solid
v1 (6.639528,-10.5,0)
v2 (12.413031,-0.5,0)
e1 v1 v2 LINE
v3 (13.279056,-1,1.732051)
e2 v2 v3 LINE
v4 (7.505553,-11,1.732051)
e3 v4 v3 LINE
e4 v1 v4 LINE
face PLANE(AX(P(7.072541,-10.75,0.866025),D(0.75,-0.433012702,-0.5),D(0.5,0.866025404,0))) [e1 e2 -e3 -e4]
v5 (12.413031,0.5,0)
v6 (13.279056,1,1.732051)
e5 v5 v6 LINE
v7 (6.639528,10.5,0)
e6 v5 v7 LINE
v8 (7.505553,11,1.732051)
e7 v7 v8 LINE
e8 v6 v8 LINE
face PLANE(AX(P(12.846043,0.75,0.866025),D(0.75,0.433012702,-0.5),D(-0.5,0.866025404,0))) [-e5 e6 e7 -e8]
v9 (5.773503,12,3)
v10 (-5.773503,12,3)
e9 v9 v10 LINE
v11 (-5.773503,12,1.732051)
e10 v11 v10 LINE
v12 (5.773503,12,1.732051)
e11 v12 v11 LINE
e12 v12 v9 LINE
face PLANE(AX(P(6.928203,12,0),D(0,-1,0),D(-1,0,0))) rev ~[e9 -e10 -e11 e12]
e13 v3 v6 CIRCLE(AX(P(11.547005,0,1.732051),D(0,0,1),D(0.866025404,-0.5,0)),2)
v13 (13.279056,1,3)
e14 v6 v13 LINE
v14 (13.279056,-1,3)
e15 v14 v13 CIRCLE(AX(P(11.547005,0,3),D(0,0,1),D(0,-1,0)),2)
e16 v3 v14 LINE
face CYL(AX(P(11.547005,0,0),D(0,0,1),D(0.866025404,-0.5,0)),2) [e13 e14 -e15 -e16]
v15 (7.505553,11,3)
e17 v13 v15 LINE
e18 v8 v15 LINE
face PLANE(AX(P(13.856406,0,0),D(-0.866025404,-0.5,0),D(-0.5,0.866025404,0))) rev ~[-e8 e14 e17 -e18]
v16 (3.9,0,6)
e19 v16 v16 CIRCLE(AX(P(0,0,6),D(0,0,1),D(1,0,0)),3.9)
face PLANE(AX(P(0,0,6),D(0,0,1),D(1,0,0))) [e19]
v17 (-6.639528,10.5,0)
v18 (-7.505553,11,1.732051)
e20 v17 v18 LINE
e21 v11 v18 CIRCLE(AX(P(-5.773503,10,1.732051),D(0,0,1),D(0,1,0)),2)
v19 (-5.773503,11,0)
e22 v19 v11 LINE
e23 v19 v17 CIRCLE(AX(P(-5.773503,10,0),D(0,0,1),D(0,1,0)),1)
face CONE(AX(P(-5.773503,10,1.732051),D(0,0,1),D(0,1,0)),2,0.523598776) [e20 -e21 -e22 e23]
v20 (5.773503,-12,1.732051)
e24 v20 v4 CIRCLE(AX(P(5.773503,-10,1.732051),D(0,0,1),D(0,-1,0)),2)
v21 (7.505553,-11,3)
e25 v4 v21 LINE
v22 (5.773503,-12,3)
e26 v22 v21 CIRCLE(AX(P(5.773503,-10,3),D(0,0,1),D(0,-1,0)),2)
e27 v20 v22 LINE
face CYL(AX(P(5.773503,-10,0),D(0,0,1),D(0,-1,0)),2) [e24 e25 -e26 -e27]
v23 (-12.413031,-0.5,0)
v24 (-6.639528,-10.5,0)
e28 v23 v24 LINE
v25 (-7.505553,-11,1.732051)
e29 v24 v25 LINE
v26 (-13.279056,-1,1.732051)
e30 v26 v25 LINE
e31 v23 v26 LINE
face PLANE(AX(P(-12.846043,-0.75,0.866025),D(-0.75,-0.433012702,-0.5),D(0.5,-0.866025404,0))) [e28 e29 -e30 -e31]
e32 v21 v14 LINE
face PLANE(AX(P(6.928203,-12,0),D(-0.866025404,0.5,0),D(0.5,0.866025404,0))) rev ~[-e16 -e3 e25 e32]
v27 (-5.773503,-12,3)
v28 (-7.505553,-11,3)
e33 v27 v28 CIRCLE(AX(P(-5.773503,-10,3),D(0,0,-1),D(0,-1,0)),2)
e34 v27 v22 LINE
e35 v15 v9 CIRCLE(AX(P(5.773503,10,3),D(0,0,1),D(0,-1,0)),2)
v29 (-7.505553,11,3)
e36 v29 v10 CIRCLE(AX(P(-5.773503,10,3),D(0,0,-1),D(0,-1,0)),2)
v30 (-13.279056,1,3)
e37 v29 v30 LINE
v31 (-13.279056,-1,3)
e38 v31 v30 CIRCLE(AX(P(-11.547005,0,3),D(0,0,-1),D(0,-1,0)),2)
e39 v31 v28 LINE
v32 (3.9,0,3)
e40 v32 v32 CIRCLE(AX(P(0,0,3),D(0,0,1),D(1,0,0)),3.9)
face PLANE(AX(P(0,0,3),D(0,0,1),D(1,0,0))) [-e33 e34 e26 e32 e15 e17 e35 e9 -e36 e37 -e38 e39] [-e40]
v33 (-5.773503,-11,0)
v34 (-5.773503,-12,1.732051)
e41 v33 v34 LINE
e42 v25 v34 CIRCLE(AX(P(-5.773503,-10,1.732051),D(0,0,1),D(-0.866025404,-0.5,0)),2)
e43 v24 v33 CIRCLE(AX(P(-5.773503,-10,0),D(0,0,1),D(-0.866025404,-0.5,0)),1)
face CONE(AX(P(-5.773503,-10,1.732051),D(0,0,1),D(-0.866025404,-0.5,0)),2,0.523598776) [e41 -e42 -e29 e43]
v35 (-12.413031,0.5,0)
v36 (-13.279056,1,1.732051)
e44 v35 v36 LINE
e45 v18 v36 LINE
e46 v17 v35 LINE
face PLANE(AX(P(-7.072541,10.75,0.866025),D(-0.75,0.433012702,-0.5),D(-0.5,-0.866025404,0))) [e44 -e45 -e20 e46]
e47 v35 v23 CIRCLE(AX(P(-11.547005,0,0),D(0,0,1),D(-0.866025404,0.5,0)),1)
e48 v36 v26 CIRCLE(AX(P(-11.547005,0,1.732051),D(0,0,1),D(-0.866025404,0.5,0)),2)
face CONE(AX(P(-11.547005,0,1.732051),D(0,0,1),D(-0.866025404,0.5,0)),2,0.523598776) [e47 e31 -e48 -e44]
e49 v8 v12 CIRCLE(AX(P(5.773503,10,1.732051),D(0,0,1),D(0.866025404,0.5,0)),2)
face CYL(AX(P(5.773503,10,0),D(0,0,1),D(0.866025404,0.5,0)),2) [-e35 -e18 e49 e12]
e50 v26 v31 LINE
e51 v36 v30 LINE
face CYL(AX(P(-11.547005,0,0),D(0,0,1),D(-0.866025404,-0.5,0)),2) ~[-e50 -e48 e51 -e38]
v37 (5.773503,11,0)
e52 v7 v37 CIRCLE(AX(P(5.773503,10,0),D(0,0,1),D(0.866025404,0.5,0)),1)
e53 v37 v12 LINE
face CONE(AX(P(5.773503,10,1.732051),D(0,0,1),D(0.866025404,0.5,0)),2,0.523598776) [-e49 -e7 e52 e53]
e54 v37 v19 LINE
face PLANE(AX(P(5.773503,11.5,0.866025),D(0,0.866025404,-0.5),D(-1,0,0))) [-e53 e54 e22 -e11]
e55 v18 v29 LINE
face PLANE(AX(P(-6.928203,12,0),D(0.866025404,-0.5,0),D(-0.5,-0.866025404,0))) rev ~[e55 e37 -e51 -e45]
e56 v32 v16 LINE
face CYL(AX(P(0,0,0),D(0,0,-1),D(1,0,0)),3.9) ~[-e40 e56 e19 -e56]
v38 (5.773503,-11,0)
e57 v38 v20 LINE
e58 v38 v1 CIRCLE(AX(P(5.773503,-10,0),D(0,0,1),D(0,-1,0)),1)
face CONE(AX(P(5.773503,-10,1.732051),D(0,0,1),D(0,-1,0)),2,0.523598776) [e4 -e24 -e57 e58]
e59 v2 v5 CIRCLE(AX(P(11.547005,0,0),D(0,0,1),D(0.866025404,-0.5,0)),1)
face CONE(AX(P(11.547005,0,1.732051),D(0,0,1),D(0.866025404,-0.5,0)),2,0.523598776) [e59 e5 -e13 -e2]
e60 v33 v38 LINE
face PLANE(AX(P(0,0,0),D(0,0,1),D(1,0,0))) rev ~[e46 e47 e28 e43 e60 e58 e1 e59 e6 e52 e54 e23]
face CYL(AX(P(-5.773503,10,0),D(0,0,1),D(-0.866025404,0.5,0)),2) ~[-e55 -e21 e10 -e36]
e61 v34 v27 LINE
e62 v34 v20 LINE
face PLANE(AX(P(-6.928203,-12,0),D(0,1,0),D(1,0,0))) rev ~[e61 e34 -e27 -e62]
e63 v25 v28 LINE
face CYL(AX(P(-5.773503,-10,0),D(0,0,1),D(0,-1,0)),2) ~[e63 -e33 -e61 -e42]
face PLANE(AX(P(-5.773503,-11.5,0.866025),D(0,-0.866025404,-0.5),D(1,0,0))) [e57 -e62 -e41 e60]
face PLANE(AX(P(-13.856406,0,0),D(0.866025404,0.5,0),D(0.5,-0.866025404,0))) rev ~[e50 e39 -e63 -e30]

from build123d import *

# Parameters (mm, degrees)
F1_R     = 3.9
F2_DEPTH = 3
F3_R     = 3.9
F4_DEPTH = 6
F5_R     = 2
F6_SIZE2 = 1.7320508076
F6_SIZE  = 1


with BuildPart() as f2:
    # F1 (on face) → F2 (new body)
    with BuildSketch(Plane.XY):
        Polygon((-6.9282032303, -12), (6.9282032303, -12), (13.8564064606, 0), (6.9282032303, 12), (-6.9282032303, 12), (-13.8564064606, 0), align=None)
        Circle(F1_R, mode=Mode.SUBTRACT)
    extrude(amount=F2_DEPTH)

    # F3 (on Top) → F4 (join)
    with BuildSketch(Plane.XY):
        Circle(F3_R)
    extrude(amount=F4_DEPTH)

    # F5
    f5_edges = [f2.edges().sort_by_distance(p)[0] for p in [
        (13.856406, 0, 1.5),
        (6.928203, -12, 1.5),
        (-6.928203, -12, 1.5),
        (-13.856406, 0, 1.5),
        (-6.928203, 12, 1.5),
        (6.928203, 12, 1.5),
    ]]
    fillet(f5_edges, radius=F5_R)

    # F6
    f6_edges = [f2.edges().sort_by_distance(p)[0] for p in [
        (0, -12, 0),
    ]]
    f6_side = f2.faces().sort_by_distance((0, 0, 0))[0]
    chamfer(f6_edges, length=F6_SIZE, length2=F6_SIZE2, reference=f6_side)


solid = f2.part
